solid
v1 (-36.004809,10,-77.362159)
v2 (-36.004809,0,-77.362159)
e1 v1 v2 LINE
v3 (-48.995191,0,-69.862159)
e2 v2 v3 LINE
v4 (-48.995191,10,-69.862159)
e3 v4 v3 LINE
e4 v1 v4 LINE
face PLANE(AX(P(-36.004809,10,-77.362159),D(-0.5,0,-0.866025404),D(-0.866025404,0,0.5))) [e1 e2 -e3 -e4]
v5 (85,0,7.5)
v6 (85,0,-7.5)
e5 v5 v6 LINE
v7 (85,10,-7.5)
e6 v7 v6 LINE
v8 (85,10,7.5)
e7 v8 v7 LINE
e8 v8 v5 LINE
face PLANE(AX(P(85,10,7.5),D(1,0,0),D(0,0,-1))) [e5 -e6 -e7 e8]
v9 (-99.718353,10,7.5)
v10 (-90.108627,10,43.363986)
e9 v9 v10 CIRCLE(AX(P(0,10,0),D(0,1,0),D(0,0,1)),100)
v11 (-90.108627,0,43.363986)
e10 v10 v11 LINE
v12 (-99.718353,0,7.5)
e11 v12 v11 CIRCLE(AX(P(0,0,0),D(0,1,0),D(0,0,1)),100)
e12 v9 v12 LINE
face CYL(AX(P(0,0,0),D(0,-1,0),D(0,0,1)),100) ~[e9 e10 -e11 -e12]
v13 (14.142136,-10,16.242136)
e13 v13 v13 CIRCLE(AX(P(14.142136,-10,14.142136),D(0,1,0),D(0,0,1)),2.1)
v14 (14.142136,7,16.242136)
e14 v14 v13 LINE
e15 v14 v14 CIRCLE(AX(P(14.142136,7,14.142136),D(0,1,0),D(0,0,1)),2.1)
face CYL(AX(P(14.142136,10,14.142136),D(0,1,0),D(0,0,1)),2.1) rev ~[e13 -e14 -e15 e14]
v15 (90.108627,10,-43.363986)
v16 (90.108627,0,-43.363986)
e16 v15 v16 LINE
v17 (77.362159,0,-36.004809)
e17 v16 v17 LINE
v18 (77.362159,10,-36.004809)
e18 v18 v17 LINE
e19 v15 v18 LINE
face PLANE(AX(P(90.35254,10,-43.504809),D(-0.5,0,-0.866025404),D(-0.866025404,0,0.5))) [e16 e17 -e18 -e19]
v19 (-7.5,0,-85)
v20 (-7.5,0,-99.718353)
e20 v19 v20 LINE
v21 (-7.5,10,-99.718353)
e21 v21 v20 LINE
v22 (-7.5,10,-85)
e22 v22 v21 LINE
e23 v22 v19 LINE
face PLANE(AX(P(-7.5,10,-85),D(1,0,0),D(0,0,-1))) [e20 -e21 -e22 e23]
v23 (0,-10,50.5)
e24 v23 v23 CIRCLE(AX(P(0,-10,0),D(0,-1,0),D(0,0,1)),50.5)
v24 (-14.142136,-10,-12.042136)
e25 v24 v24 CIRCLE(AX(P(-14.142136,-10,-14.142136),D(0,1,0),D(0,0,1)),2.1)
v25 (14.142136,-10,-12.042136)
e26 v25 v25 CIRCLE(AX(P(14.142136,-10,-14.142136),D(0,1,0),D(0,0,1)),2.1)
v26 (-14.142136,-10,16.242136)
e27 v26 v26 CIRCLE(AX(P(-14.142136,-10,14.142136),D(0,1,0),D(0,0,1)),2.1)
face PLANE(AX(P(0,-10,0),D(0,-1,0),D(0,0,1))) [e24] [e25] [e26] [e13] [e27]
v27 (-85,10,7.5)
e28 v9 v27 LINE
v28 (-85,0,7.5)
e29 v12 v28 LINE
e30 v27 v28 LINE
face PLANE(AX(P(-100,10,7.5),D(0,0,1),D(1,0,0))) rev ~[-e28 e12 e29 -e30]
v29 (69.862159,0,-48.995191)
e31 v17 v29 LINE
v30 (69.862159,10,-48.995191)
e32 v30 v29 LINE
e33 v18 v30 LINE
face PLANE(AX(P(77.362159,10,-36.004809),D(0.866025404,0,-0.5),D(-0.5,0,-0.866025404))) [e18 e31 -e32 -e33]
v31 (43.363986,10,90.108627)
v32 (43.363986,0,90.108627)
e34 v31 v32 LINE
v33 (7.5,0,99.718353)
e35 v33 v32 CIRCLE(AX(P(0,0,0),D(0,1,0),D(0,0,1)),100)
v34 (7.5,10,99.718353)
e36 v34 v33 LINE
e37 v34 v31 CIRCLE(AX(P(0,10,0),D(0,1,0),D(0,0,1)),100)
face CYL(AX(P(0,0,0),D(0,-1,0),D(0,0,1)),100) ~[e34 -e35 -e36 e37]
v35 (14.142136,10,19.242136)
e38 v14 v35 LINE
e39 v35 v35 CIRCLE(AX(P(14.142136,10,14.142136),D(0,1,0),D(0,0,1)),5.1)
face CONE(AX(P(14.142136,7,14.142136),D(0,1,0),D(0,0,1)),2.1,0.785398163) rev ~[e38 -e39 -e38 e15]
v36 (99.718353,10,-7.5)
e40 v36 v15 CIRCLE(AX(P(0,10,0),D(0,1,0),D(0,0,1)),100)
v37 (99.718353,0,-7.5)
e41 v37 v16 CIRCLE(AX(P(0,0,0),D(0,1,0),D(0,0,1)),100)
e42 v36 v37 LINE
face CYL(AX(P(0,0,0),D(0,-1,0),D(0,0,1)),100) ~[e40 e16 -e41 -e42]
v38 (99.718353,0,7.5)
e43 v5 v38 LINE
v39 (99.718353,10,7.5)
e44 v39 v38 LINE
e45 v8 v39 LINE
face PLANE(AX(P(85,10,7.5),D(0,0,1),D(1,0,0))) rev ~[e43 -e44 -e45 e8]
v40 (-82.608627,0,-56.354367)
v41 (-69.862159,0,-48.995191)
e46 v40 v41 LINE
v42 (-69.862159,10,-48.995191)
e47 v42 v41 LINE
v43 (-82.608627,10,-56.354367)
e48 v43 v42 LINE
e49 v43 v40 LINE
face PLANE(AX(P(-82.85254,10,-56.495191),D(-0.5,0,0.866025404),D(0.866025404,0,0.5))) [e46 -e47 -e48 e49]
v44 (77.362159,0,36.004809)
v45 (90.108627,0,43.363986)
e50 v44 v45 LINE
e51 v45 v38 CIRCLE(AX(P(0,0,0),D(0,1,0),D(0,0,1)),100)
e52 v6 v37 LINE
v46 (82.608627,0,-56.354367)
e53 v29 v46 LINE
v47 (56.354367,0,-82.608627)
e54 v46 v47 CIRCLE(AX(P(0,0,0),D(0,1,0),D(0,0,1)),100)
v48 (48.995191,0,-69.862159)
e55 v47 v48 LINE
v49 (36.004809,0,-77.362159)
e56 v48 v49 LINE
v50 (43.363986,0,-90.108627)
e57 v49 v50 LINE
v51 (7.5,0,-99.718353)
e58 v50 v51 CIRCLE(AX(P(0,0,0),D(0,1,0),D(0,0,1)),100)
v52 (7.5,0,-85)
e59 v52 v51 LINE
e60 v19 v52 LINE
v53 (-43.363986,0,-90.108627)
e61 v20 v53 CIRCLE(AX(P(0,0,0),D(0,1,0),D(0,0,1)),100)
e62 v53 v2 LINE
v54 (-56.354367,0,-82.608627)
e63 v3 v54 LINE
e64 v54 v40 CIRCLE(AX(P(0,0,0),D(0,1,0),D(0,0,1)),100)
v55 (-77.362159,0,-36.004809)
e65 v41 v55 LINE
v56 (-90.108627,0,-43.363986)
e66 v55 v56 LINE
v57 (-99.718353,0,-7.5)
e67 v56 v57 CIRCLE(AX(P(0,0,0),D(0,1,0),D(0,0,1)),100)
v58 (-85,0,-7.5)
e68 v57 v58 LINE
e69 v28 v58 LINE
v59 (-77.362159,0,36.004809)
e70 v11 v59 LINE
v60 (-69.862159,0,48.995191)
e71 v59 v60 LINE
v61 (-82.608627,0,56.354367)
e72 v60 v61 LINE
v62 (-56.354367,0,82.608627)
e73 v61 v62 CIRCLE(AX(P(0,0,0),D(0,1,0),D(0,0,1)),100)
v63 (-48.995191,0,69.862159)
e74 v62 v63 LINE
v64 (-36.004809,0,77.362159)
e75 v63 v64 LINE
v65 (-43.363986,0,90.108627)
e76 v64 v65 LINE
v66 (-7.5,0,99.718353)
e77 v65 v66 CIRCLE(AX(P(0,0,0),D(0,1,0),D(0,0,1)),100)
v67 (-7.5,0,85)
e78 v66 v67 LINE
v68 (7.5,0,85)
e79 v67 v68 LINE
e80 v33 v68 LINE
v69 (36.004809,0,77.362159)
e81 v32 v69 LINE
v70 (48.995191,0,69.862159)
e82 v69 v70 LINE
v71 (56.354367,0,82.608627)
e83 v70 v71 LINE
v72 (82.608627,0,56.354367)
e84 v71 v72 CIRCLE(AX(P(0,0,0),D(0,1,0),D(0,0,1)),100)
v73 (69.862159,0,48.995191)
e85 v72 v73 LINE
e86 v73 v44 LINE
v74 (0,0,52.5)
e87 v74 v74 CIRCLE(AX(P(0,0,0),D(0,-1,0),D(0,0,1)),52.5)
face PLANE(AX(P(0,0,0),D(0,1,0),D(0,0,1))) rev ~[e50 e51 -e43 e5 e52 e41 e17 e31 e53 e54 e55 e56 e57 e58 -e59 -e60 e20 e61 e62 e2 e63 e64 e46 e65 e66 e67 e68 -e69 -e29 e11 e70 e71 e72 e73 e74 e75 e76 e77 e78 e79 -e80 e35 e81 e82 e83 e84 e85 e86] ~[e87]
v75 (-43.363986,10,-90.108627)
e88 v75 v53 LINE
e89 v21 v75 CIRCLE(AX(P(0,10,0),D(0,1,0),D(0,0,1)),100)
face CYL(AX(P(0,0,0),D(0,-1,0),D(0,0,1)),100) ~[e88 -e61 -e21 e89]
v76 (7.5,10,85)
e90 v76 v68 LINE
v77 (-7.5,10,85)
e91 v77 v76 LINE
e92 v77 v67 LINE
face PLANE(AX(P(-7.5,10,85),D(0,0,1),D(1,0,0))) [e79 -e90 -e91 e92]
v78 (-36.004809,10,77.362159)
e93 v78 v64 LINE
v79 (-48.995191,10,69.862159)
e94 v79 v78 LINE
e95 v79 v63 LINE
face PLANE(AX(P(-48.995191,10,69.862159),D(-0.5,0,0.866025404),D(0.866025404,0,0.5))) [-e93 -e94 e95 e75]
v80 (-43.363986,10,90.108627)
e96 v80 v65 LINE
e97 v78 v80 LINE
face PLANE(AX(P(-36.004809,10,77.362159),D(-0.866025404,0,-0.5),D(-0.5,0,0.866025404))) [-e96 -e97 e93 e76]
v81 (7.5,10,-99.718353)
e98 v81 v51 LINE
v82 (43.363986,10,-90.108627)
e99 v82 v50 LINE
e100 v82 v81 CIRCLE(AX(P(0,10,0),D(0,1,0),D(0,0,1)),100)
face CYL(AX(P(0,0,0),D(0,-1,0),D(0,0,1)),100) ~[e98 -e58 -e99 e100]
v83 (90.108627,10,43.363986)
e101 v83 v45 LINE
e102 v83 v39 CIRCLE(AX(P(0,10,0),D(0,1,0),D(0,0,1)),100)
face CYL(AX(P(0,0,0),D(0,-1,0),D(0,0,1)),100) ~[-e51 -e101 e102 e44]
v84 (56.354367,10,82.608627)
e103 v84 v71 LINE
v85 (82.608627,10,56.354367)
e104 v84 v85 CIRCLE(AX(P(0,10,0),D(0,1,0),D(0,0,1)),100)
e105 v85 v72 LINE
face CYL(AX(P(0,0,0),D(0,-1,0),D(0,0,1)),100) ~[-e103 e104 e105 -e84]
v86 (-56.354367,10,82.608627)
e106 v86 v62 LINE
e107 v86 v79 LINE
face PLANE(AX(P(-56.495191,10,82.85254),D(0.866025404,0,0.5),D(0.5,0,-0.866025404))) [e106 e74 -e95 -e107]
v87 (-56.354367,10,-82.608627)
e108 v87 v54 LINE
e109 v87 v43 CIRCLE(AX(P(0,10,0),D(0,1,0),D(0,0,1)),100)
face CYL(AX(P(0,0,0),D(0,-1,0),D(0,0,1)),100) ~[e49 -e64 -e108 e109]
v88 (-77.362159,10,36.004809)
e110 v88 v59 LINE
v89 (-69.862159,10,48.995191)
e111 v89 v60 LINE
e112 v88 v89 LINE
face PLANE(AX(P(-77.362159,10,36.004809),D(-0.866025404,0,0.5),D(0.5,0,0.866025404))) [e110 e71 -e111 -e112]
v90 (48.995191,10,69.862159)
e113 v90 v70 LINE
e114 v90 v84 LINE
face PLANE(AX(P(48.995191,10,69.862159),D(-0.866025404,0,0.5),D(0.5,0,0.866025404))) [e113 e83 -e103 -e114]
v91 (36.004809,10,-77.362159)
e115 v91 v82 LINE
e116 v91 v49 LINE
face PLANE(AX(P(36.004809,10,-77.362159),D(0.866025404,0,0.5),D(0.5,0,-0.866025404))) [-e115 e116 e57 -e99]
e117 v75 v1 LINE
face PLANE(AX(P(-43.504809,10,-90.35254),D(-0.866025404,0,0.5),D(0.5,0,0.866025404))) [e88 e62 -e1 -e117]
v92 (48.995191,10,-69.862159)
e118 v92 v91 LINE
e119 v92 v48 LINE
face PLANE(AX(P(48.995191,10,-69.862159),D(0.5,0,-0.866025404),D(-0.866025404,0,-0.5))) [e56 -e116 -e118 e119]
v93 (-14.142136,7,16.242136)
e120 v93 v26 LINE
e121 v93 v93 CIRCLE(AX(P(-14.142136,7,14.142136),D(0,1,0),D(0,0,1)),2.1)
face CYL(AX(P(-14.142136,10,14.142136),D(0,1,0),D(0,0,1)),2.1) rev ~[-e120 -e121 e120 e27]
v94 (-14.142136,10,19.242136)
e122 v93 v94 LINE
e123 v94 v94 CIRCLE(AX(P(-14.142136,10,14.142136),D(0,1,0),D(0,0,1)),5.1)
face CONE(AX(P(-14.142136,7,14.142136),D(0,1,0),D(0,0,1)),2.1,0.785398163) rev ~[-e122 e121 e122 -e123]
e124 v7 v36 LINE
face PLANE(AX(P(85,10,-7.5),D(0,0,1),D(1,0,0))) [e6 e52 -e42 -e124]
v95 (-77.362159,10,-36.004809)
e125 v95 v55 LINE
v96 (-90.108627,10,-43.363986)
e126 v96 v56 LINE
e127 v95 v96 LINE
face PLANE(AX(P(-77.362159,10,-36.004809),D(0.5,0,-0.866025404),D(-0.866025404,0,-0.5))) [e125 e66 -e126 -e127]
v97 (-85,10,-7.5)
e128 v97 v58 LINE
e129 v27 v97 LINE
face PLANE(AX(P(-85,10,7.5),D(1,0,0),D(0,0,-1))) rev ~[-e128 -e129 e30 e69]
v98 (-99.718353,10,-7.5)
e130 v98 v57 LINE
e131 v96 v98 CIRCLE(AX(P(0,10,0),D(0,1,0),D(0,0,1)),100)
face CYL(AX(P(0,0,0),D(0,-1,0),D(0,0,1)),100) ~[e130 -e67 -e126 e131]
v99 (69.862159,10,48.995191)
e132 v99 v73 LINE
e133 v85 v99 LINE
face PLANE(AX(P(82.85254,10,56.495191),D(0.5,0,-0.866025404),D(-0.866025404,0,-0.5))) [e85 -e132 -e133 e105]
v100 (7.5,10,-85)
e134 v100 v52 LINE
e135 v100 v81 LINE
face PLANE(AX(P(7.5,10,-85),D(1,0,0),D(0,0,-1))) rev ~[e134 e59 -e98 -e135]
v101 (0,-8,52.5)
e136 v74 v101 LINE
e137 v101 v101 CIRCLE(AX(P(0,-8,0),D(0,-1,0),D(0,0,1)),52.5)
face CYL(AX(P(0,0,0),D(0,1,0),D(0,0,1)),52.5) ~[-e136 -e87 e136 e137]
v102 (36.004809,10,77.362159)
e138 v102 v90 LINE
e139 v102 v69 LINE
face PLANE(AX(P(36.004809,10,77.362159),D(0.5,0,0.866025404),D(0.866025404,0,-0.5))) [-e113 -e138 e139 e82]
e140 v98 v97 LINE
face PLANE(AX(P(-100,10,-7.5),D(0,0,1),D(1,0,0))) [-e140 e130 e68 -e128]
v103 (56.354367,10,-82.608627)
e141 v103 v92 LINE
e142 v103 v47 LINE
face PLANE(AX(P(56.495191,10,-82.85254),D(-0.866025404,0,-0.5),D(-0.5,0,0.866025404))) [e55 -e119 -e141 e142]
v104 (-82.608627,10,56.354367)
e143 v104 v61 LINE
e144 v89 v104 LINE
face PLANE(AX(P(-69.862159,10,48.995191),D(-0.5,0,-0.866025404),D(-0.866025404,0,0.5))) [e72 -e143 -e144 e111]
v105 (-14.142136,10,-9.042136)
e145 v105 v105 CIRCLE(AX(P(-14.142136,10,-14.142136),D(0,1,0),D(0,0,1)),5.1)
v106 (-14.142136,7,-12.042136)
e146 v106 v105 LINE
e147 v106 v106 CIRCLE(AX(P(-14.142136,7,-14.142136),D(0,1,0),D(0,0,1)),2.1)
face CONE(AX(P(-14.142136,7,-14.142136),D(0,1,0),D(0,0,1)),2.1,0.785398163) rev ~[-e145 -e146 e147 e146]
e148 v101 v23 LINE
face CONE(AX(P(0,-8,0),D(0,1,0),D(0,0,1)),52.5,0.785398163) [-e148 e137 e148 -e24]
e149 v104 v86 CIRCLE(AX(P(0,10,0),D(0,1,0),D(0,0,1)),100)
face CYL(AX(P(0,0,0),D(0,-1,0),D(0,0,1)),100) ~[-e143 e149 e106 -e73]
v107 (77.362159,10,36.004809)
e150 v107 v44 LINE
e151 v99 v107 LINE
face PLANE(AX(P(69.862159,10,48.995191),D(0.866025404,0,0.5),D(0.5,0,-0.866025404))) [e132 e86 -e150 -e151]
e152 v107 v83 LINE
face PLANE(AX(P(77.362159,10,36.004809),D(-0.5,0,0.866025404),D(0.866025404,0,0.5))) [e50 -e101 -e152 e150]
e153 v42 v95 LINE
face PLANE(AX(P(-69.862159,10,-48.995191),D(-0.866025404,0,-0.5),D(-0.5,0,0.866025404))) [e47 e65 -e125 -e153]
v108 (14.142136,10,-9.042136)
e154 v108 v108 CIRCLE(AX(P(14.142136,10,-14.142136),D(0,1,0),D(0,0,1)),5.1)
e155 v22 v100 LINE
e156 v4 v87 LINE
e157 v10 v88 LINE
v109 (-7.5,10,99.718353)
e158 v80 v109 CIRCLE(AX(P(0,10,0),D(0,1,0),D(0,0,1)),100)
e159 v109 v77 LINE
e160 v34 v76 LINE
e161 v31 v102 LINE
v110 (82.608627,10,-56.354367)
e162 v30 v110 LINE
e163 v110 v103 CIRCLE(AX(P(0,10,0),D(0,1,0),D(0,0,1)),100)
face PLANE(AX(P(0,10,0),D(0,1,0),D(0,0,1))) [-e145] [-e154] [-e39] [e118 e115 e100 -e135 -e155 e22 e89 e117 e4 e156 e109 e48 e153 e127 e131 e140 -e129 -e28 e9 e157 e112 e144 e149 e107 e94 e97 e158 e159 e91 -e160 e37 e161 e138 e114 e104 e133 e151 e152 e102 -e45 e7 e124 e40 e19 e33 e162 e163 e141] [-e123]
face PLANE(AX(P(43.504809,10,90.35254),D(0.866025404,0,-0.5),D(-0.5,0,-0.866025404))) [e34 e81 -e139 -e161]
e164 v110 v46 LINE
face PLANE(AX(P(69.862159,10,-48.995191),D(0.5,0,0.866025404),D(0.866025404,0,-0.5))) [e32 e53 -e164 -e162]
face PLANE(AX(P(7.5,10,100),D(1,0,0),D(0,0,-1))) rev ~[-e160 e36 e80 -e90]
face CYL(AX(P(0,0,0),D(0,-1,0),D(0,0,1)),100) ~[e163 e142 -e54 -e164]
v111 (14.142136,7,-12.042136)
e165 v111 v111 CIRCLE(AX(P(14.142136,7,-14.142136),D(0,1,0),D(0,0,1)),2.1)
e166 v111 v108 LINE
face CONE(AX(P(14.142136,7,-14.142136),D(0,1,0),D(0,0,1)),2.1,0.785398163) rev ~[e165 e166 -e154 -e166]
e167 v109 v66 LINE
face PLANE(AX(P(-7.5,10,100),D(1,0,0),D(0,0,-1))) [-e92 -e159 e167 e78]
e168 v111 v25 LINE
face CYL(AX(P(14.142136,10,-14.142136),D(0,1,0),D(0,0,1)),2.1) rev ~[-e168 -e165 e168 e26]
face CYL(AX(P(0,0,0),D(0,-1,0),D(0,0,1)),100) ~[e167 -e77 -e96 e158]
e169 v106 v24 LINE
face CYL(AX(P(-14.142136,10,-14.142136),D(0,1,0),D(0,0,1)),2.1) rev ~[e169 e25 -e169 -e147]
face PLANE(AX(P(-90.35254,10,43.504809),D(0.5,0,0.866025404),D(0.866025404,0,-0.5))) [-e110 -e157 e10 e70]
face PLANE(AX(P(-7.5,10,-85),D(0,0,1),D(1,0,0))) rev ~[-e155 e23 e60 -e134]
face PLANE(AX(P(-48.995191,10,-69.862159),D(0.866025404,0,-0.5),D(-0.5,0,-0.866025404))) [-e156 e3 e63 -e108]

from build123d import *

# Parameters (mm, degrees)
SKIZZE1_R                       = 100
AUFSATZ_LINEAR_AUSTRAGEN1_DEPTH = 10
SKIZZE2_W                       = 15
SKIZZE2_H                       = 15
SCHNITT_LINEAR_AUSTRAGEN1_DEPTH = 142.774468788
SKIZZE3_R                       = 52.5
AUFSATZ_LINEAR_AUSTRAGEN2_DEPTH = 10
FASE1_SIZE                      = 2
SKIZZE4_R                       = 2.1
SCHNITT_LINEAR_AUSTRAGEN2_DEPTH = 143.434195332
FASE2_SIZE                      = 3


with BuildPart() as part:
    # Skizze1 → Aufsatz-Linear austragen1 (new body)
    with BuildSketch(Plane(origin=(0, 0, 0), x_dir=(1, 0, 0), z_dir=(0, 1, 0))):
        with Locations(Location((0, 0, 0), (0, 0, 270))):
            Circle(SKIZZE1_R)
    extrude(amount=AUFSATZ_LINEAR_AUSTRAGEN1_DEPTH)

    # Skizze2 → Schnitt-Linear austragen1 (cut, through all)
    with BuildSketch(Plane(origin=(0, 10, 0), x_dir=(1, 0, 0), z_dir=(0, 1, 0))):
        Polygon((77.362159322, -36.004809472), (90.352540378, -43.504809472), (82.852540378, -56.495190528), (69.862159322, -48.995190528), align=None)
        with Locations((92.5, 0)):
            Rectangle(SKIZZE2_W, SKIZZE2_H)
        Polygon((48.995190528, -69.862159322), (56.495190528, -82.852540378), (43.504809472, -90.352540378), (36.004809472, -77.362159322), align=None)
        with Locations((0, -92.5)):
            Rectangle(SKIZZE2_W, SKIZZE2_H)
        Polygon((-36.004809472, -77.362159322), (-43.504809472, -90.352540378), (-56.495190528, -82.852540378), (-48.995190528, -69.862159322), align=None)
        Polygon((-69.862159322, -48.995190528), (-82.852540378, -56.495190528), (-90.352540378, -43.504809472), (-77.362159322, -36.004809472), align=None)
        with Locations((-92.5, 0)):
            Rectangle(SKIZZE2_W, SKIZZE2_H)
        Polygon((-77.362159322, 36.004809472), (-90.352540378, 43.504809472), (-82.852540378, 56.495190528), (-69.862159322, 48.995190528), align=None)
        Polygon((-48.995190528, 69.862159322), (-56.495190528, 82.852540378), (-43.504809472, 90.352540378), (-36.004809472, 77.362159322), align=None)
        with Locations((0, 92.5)):
            Rectangle(SKIZZE2_W, SKIZZE2_H)
        Polygon((36.004809472, 77.362159322), (43.504809472, 90.352540378), (56.495190528, 82.852540378), (48.995190528, 69.862159322), align=None)
        Polygon((69.862159322, 48.995190528), (82.852540378, 56.495190528), (90.352540378, 43.504809472), (77.362159322, 36.004809472), align=None)
    extrude(amount=-SCHNITT_LINEAR_AUSTRAGEN1_DEPTH, mode=Mode.SUBTRACT)

    # Skizze3 → Aufsatz-Linear austragen2 (add)
    with BuildSketch(Plane.XZ):
        with Locations(Location((0, 0, 0), (0, 0, 90))):
            Circle(SKIZZE3_R)
    extrude(amount=AUFSATZ_LINEAR_AUSTRAGEN2_DEPTH)

    # Fase1
    fase1_edges = [part.edges().sort_by_distance(p)[0] for p in [
        (0, -10, -52.5),
    ]]
    chamfer(fase1_edges, length=FASE1_SIZE)

    # Skizze4 → Schnitt-Linear austragen2 (cut, through all)
    with BuildSketch(Plane(origin=(0, 10, 0), x_dir=(1, 0, 0), z_dir=(0, 1, 0))):
        with Locations(Location((-14.142135624, 14.142135624, 0), (0, 0, 270))):
            Circle(SKIZZE4_R)
        with Locations(Location((14.142135624, 14.142135624, 0), (0, 0, 270))):
            Circle(SKIZZE4_R)
        with Locations(Location((14.142135624, -14.142135624, 0), (0, 0, 270))):
            Circle(SKIZZE4_R)
        with Locations(Location((-14.142135624, -14.142135624, 0), (0, 0, 270))):
            Circle(SKIZZE4_R)
    extrude(amount=-SCHNITT_LINEAR_AUSTRAGEN2_DEPTH, mode=Mode.SUBTRACT)

    # Fase2
    fase2_edges = [part.edges().sort_by_distance(p)[0] for p in [
        (-14.142135624, 10, 12.042135624),
        (14.142135624, 10, 12.042135624),
        (14.142135624, 10, -16.242135624),
        (-14.142135624, 10, -16.242135624),
    ]]
    chamfer(fase2_edges, length=FASE2_SIZE)


solid = part.part
